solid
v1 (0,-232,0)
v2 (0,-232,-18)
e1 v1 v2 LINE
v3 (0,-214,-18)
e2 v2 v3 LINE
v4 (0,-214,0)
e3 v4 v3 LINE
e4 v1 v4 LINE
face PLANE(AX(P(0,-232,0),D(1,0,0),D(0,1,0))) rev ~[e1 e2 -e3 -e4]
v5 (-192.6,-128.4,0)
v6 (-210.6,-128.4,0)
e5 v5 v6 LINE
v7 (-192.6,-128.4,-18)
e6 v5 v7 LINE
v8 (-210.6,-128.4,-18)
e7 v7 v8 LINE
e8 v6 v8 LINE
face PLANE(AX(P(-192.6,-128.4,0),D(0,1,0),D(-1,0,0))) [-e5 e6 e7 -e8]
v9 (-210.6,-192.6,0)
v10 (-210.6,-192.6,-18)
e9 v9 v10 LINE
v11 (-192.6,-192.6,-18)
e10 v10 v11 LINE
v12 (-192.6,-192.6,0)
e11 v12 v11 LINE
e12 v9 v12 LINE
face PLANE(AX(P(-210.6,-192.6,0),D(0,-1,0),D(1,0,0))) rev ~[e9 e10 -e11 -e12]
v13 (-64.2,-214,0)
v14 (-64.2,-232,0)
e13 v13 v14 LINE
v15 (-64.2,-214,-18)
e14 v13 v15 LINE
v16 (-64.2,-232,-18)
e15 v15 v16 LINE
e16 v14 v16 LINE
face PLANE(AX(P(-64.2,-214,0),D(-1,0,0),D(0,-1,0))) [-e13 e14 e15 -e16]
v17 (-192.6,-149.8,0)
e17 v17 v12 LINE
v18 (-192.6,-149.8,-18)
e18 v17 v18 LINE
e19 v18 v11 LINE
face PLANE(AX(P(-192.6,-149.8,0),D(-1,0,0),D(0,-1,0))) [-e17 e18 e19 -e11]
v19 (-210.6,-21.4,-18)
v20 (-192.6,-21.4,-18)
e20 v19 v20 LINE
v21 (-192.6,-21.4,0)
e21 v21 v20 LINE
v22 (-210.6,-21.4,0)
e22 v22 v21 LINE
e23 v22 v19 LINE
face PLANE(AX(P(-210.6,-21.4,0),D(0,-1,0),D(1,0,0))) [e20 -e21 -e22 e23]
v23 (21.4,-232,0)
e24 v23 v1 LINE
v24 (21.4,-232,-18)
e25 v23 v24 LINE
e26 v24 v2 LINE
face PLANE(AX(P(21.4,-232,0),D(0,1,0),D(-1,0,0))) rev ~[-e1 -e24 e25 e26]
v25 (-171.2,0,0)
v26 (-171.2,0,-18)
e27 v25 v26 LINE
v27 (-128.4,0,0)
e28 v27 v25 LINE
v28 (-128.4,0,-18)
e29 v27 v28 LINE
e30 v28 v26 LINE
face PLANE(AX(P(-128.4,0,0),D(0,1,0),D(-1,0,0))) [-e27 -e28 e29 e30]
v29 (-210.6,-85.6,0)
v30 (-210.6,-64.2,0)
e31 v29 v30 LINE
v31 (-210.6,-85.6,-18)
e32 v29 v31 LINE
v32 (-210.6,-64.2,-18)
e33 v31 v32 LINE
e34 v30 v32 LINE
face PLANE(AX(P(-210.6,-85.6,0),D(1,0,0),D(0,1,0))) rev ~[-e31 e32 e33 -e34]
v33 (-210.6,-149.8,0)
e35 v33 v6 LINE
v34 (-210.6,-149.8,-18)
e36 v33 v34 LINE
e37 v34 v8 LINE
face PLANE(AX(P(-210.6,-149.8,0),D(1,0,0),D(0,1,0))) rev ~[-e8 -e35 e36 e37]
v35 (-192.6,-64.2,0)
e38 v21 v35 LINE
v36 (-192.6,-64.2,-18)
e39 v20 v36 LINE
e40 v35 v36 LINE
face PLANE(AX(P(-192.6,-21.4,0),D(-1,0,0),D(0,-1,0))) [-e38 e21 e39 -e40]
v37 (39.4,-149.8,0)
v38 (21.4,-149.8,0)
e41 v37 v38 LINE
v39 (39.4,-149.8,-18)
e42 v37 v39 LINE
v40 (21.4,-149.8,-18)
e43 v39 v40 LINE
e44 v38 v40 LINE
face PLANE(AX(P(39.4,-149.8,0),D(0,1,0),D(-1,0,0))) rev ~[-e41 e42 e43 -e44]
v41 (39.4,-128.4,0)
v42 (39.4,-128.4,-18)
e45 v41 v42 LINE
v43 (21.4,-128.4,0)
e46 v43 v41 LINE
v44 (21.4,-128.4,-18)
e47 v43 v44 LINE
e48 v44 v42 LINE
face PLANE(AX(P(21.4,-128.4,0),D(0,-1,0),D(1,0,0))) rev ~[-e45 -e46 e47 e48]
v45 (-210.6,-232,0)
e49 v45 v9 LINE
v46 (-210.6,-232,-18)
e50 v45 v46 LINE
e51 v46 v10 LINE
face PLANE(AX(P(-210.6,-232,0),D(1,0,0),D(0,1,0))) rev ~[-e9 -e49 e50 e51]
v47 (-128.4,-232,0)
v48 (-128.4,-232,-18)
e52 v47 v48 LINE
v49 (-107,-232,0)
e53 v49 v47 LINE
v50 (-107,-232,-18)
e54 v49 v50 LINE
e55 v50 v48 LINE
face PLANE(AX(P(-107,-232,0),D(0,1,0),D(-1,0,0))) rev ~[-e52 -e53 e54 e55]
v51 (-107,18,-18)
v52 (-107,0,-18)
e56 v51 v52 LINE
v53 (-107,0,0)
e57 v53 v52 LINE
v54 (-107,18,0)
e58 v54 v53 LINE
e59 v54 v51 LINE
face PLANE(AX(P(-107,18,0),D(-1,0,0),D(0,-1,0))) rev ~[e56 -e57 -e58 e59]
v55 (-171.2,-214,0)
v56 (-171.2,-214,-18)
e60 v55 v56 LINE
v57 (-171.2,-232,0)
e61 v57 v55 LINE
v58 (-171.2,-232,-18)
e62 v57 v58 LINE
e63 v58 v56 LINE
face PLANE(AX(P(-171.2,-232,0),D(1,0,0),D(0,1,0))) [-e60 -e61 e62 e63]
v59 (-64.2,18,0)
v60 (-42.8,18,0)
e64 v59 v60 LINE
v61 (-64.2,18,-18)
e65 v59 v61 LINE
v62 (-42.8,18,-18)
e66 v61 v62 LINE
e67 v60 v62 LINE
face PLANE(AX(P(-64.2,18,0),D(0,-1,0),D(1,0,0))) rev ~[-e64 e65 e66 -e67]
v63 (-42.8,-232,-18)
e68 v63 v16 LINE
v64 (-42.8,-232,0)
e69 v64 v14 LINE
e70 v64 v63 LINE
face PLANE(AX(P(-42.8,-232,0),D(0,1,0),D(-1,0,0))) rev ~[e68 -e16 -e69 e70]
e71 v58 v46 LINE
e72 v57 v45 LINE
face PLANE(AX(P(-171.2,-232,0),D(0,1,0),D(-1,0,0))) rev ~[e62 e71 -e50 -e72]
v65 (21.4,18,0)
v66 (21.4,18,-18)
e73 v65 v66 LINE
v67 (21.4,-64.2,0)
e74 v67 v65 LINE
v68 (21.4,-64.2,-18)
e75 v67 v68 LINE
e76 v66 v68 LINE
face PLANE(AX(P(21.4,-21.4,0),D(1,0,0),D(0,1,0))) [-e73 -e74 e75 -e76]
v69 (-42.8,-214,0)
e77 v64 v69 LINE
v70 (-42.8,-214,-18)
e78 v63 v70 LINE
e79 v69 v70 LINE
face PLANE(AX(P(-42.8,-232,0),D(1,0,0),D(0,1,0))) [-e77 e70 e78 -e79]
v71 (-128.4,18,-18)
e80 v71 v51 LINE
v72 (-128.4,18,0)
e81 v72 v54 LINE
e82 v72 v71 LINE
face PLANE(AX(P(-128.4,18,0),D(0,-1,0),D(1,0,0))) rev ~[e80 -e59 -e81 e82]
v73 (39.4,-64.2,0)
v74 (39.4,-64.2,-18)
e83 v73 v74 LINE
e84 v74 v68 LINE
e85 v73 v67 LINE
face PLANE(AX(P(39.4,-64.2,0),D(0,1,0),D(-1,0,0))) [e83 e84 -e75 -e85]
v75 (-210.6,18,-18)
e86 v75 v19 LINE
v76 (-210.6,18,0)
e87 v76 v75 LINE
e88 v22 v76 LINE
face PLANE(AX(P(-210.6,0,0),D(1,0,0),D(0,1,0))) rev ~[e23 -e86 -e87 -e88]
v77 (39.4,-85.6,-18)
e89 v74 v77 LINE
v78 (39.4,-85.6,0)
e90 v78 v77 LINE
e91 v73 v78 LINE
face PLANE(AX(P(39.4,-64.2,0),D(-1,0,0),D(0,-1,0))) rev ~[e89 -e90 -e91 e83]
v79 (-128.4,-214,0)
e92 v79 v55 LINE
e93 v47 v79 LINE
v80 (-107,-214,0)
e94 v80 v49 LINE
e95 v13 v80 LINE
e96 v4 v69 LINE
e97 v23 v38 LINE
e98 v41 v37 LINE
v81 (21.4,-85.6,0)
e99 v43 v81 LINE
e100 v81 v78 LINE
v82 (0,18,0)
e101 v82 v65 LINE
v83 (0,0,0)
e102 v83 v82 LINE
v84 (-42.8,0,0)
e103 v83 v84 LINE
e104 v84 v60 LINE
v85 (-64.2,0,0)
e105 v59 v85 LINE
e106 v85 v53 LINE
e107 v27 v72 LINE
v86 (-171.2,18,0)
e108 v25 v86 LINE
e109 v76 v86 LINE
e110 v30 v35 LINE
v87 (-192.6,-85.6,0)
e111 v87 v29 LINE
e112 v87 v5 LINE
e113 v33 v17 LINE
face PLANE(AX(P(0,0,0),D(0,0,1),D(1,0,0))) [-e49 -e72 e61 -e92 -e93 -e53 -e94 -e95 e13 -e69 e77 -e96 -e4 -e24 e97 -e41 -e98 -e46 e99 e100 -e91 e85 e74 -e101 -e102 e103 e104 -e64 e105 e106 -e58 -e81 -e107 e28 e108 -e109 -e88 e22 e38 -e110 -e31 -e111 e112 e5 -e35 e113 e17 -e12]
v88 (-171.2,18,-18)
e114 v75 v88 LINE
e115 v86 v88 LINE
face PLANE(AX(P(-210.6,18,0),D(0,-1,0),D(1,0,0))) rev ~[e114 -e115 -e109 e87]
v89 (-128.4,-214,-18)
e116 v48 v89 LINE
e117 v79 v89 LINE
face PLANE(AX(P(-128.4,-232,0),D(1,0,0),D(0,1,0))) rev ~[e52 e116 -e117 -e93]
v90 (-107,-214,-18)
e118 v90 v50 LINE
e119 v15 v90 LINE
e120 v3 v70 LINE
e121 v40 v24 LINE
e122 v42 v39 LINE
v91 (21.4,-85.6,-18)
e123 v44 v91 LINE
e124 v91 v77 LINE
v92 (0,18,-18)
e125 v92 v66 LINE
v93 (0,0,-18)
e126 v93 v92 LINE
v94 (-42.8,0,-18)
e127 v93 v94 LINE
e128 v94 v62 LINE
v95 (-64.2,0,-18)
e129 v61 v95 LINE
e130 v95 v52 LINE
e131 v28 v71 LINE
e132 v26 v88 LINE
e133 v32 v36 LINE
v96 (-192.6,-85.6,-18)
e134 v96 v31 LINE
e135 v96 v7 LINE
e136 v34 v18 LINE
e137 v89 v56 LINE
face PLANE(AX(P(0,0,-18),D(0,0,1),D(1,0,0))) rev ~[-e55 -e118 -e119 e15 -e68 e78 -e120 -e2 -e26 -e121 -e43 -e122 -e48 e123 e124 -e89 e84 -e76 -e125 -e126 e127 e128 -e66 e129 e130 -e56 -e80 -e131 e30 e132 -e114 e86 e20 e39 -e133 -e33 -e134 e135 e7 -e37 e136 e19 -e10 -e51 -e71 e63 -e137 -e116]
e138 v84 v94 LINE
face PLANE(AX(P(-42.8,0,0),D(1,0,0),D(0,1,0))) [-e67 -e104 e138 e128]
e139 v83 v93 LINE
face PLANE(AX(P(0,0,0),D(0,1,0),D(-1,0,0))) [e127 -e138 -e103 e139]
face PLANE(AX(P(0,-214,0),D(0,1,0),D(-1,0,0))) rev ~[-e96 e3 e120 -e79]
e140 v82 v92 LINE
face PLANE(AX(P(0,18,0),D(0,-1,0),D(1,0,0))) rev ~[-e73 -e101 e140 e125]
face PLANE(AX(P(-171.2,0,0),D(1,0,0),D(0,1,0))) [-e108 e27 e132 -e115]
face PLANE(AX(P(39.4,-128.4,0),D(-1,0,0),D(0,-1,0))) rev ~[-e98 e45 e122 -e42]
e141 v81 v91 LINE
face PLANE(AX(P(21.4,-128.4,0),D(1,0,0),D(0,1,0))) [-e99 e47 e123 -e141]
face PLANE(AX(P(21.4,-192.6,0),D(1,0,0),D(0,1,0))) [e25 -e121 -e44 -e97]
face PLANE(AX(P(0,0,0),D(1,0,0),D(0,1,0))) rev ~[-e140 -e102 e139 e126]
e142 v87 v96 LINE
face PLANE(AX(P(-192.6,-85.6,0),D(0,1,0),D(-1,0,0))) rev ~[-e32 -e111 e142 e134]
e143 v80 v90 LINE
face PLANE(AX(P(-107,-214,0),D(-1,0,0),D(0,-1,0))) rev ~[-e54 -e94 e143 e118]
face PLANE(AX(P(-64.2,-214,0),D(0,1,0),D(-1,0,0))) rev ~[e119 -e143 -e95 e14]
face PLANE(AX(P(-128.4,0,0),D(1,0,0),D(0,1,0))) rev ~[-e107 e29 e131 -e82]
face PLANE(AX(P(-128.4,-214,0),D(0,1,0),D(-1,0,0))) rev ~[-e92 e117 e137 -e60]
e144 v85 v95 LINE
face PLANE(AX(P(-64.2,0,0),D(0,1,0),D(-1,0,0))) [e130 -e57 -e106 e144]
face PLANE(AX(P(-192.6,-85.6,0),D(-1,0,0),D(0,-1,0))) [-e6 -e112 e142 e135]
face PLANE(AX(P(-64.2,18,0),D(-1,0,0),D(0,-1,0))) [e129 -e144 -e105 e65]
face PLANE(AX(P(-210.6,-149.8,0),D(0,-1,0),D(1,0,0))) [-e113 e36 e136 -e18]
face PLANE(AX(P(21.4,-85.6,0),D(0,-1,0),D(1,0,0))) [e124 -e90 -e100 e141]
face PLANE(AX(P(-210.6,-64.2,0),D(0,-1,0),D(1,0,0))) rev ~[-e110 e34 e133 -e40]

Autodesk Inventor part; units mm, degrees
ref_plane "YZ Plane" through (0, 0, 0) normal (1, 0, 0) x (0, 1, 0)
ref_plane "XZ Plane" through (0, 0, 0) normal (0, 1, 0) x (-1, 0, 0)
ref_plane "XY Plane" through (0, 0, 0) normal (0, 0, 1) x (1, 0, 0)
sketch "Sketch1" plane through (0, 0, 0) normal (0, 0, 1) x (1, 0, 0)
  line L0 (-210.6, 18) -> (39.4, 18)
  line L1 (39.4, 18) -> (39.4, -232)
  line L2 (39.4, -232) -> (-210.6, -232)
  line L3 (-210.6, -232) -> (-210.6, 18)
  line L4 (21.4, -214) -> (21.4, 0)
  line L5 (21.4, -214) -> (-192.6, -214)
  line L6 (-192.6, -214) -> (21.4, -214)
  line L7 (39.4, 0) -> (39.4, -21.4)
  line L8 (39.4, -21.4) -> (21.4, -21.4)
  line L9 (21.4, -21.4) -> (21.4, 0)
  line L10 (39.4, -64.2) -> (21.4, -64.2)
  line L11 (21.4, -64.2) -> (21.4, -85.6)
  line L12 (21.4, -85.6) -> (39.4, -85.6)
  line L13 (21.4, -128.4) -> (39.4, -128.4)
  line L14 (39.4, -149.8) -> (21.4, -149.8)
  line L15 (39.4, -192.6) -> (21.4, -192.6)
  line L16 (-210.6, 18) -> (-210.6, 0)
  line L17 (21.4, 0) -> (21.4, 18)
  line L18 (-210.6, -192.6) -> (-192.6, -192.6)
  line L19 (-210.6, -149.8) -> (-192.6, -149.8)
  line L20 (-192.6, -128.4) -> (-210.6, -128.4)
  line L21 (-192.6, -85.6) -> (-210.6, -85.6)
  line L22 (-210.6, -64.2) -> (-192.6, -64.2)
  line L23 (-210.6, -21.4) -> (-192.6, -21.4)
  line L24 (-64.2, -214) -> (-64.2, -232)
  line L25 (-107, -214) -> (-107, -232)
  line L26 (-128.4, -232) -> (-128.4, -214)
  line L27 (-171.2, -232) -> (-171.2, -214)
  line L28 (-42.8, -232) -> (-42.8, -214)
  line L29 (0, -232) -> (0, -214)
  line L30 (-64.2, 18) -> (-64.2, 0)
  line L31 (-42.8, 0) -> (-42.8, 18)
  line L32 (0, 0) -> (0, 18)
  line L33 (-128.4, 0) -> (-128.4, 18)
  line L34 (-171.2, 0) -> (-171.2, 18)
  line L35 (-107, 18) -> (-107, 0)
  line L36 (21.4, 0) -> (-192.6, 0)
  line L37 (-192.6, 0) -> (-192.6, -214)
  line L38 (21.4, -214) -> (21.4, -232)
  point P0 (0, 0)
  point P1 (227.0923, 209.5253)
  point P2 (245.0923, 209.5253)
  point P3 (227.0923, 252.3253)
  point P4 (205.6923, 273.7253)
  point P5 (205.6923, 291.7253)
  point P6 (162.8923, 291.7253)
  point P7 (162.8923, 273.7253)
  point P8 (141.4923, 273.7253)
  point P9 (141.4923, 291.7253)
  point P10 (98.6923, 291.7253)
  point P11 (98.6923, 273.7253)
  point P12 (77.2923, 273.7253)
  point P13 (77.2923, 291.7253)
  point P14 (34.4923, 291.7253)
  point P15 (34.4923, 273.7253)
  point P16 (13.0923, 252.3253)
  point P17 (-4.9077, 252.3253)
  point P18 (-4.9077, 209.5253)
  point P19 (13.0923, 209.5253)
  point P20 (13.0923, 188.1253)
  point P21 (-4.9077, 188.1253)
  point P22 (-4.9077, 145.3253)
  point P23 (13.0923, 145.3253)
  point P24 (13.0923, 123.9253)
  point P25 (-4.9077, 123.9253)
  point P26 (-4.9077, 81.1253)
  point P27 (13.0923, 81.1253)
  point P28 (13.0923, 59.7253)
  point P29 (34.4923, 59.7253)
  point P30 (34.4923, 41.7253)
  point P31 (77.2923, 41.7253)
  point P32 (77.2923, 59.7253)
  point P33 (98.6923, 59.7253)
  point P34 (98.6923, 41.7253)
  point P35 (141.4923, 41.7253)
  point P36 (141.4923, 59.7253)
  point P37 (162.8923, 59.7253)
  point P38 (162.8923, 41.7253)
  point P39 (205.6923, 41.7253)
  point P40 (205.6923, 59.7253)
  point P41 (227.0923, 59.7253)
  point P42 (227.0923, 81.1253)
  point P43 (245.0923, 81.1253)
  point P44 (245.0923, 123.9253)
  point P45 (227.0923, 123.9253)
  point P46 (227.0923, 145.3253)
  point P47 (245.0923, 145.3253)
  point P48 (245.0923, 188.1253)
  point P49 (227.0923, 188.1253)
  point P50 (-210.6, -232)
  dimension "d0" = 250
  dimension "d1" = 250
  dimension "d2" = 21.4
extrude "Plate1" add sketch "Sketch1" against normal blind 18 contours L0 L34 L36 L37 L23 L3 | L0 L35 L36 L33 | L36 L4 L5 L37 | L22 L37 L21 L3 | L0 L31 L36 L30 | L20 L37 L19 L3 | L0 L17 L36 L32 | L18 L37 L5 L27 L2 L3 | L10 L1 L12 L4 | L26 L5 L25 L2 | L13 L1 L14 L4 | L24 L5 L28 L2 | L29 L5 L38 L2
equation "\"d3\" = Thickness"
equation "\"BendRadius\" = Thickness"
equation "\"BendReliefWidth\" = Thickness"
equation "\"BendReliefDepth\" = 0.5 * Thickness"
equation "\"CornerReliefSize\" = 4 * Thickness"
equation "\"MinimumRemnant\" = 2 * Thickness"
equation "\"TransitionRadius\" = BendRadius"
equation "\"JacobiRadiusSize\" = BendRadius"
equation "\"GapSize\" = Thickness"
equation "\"Thickness\" = 18"
properties part number "6"
